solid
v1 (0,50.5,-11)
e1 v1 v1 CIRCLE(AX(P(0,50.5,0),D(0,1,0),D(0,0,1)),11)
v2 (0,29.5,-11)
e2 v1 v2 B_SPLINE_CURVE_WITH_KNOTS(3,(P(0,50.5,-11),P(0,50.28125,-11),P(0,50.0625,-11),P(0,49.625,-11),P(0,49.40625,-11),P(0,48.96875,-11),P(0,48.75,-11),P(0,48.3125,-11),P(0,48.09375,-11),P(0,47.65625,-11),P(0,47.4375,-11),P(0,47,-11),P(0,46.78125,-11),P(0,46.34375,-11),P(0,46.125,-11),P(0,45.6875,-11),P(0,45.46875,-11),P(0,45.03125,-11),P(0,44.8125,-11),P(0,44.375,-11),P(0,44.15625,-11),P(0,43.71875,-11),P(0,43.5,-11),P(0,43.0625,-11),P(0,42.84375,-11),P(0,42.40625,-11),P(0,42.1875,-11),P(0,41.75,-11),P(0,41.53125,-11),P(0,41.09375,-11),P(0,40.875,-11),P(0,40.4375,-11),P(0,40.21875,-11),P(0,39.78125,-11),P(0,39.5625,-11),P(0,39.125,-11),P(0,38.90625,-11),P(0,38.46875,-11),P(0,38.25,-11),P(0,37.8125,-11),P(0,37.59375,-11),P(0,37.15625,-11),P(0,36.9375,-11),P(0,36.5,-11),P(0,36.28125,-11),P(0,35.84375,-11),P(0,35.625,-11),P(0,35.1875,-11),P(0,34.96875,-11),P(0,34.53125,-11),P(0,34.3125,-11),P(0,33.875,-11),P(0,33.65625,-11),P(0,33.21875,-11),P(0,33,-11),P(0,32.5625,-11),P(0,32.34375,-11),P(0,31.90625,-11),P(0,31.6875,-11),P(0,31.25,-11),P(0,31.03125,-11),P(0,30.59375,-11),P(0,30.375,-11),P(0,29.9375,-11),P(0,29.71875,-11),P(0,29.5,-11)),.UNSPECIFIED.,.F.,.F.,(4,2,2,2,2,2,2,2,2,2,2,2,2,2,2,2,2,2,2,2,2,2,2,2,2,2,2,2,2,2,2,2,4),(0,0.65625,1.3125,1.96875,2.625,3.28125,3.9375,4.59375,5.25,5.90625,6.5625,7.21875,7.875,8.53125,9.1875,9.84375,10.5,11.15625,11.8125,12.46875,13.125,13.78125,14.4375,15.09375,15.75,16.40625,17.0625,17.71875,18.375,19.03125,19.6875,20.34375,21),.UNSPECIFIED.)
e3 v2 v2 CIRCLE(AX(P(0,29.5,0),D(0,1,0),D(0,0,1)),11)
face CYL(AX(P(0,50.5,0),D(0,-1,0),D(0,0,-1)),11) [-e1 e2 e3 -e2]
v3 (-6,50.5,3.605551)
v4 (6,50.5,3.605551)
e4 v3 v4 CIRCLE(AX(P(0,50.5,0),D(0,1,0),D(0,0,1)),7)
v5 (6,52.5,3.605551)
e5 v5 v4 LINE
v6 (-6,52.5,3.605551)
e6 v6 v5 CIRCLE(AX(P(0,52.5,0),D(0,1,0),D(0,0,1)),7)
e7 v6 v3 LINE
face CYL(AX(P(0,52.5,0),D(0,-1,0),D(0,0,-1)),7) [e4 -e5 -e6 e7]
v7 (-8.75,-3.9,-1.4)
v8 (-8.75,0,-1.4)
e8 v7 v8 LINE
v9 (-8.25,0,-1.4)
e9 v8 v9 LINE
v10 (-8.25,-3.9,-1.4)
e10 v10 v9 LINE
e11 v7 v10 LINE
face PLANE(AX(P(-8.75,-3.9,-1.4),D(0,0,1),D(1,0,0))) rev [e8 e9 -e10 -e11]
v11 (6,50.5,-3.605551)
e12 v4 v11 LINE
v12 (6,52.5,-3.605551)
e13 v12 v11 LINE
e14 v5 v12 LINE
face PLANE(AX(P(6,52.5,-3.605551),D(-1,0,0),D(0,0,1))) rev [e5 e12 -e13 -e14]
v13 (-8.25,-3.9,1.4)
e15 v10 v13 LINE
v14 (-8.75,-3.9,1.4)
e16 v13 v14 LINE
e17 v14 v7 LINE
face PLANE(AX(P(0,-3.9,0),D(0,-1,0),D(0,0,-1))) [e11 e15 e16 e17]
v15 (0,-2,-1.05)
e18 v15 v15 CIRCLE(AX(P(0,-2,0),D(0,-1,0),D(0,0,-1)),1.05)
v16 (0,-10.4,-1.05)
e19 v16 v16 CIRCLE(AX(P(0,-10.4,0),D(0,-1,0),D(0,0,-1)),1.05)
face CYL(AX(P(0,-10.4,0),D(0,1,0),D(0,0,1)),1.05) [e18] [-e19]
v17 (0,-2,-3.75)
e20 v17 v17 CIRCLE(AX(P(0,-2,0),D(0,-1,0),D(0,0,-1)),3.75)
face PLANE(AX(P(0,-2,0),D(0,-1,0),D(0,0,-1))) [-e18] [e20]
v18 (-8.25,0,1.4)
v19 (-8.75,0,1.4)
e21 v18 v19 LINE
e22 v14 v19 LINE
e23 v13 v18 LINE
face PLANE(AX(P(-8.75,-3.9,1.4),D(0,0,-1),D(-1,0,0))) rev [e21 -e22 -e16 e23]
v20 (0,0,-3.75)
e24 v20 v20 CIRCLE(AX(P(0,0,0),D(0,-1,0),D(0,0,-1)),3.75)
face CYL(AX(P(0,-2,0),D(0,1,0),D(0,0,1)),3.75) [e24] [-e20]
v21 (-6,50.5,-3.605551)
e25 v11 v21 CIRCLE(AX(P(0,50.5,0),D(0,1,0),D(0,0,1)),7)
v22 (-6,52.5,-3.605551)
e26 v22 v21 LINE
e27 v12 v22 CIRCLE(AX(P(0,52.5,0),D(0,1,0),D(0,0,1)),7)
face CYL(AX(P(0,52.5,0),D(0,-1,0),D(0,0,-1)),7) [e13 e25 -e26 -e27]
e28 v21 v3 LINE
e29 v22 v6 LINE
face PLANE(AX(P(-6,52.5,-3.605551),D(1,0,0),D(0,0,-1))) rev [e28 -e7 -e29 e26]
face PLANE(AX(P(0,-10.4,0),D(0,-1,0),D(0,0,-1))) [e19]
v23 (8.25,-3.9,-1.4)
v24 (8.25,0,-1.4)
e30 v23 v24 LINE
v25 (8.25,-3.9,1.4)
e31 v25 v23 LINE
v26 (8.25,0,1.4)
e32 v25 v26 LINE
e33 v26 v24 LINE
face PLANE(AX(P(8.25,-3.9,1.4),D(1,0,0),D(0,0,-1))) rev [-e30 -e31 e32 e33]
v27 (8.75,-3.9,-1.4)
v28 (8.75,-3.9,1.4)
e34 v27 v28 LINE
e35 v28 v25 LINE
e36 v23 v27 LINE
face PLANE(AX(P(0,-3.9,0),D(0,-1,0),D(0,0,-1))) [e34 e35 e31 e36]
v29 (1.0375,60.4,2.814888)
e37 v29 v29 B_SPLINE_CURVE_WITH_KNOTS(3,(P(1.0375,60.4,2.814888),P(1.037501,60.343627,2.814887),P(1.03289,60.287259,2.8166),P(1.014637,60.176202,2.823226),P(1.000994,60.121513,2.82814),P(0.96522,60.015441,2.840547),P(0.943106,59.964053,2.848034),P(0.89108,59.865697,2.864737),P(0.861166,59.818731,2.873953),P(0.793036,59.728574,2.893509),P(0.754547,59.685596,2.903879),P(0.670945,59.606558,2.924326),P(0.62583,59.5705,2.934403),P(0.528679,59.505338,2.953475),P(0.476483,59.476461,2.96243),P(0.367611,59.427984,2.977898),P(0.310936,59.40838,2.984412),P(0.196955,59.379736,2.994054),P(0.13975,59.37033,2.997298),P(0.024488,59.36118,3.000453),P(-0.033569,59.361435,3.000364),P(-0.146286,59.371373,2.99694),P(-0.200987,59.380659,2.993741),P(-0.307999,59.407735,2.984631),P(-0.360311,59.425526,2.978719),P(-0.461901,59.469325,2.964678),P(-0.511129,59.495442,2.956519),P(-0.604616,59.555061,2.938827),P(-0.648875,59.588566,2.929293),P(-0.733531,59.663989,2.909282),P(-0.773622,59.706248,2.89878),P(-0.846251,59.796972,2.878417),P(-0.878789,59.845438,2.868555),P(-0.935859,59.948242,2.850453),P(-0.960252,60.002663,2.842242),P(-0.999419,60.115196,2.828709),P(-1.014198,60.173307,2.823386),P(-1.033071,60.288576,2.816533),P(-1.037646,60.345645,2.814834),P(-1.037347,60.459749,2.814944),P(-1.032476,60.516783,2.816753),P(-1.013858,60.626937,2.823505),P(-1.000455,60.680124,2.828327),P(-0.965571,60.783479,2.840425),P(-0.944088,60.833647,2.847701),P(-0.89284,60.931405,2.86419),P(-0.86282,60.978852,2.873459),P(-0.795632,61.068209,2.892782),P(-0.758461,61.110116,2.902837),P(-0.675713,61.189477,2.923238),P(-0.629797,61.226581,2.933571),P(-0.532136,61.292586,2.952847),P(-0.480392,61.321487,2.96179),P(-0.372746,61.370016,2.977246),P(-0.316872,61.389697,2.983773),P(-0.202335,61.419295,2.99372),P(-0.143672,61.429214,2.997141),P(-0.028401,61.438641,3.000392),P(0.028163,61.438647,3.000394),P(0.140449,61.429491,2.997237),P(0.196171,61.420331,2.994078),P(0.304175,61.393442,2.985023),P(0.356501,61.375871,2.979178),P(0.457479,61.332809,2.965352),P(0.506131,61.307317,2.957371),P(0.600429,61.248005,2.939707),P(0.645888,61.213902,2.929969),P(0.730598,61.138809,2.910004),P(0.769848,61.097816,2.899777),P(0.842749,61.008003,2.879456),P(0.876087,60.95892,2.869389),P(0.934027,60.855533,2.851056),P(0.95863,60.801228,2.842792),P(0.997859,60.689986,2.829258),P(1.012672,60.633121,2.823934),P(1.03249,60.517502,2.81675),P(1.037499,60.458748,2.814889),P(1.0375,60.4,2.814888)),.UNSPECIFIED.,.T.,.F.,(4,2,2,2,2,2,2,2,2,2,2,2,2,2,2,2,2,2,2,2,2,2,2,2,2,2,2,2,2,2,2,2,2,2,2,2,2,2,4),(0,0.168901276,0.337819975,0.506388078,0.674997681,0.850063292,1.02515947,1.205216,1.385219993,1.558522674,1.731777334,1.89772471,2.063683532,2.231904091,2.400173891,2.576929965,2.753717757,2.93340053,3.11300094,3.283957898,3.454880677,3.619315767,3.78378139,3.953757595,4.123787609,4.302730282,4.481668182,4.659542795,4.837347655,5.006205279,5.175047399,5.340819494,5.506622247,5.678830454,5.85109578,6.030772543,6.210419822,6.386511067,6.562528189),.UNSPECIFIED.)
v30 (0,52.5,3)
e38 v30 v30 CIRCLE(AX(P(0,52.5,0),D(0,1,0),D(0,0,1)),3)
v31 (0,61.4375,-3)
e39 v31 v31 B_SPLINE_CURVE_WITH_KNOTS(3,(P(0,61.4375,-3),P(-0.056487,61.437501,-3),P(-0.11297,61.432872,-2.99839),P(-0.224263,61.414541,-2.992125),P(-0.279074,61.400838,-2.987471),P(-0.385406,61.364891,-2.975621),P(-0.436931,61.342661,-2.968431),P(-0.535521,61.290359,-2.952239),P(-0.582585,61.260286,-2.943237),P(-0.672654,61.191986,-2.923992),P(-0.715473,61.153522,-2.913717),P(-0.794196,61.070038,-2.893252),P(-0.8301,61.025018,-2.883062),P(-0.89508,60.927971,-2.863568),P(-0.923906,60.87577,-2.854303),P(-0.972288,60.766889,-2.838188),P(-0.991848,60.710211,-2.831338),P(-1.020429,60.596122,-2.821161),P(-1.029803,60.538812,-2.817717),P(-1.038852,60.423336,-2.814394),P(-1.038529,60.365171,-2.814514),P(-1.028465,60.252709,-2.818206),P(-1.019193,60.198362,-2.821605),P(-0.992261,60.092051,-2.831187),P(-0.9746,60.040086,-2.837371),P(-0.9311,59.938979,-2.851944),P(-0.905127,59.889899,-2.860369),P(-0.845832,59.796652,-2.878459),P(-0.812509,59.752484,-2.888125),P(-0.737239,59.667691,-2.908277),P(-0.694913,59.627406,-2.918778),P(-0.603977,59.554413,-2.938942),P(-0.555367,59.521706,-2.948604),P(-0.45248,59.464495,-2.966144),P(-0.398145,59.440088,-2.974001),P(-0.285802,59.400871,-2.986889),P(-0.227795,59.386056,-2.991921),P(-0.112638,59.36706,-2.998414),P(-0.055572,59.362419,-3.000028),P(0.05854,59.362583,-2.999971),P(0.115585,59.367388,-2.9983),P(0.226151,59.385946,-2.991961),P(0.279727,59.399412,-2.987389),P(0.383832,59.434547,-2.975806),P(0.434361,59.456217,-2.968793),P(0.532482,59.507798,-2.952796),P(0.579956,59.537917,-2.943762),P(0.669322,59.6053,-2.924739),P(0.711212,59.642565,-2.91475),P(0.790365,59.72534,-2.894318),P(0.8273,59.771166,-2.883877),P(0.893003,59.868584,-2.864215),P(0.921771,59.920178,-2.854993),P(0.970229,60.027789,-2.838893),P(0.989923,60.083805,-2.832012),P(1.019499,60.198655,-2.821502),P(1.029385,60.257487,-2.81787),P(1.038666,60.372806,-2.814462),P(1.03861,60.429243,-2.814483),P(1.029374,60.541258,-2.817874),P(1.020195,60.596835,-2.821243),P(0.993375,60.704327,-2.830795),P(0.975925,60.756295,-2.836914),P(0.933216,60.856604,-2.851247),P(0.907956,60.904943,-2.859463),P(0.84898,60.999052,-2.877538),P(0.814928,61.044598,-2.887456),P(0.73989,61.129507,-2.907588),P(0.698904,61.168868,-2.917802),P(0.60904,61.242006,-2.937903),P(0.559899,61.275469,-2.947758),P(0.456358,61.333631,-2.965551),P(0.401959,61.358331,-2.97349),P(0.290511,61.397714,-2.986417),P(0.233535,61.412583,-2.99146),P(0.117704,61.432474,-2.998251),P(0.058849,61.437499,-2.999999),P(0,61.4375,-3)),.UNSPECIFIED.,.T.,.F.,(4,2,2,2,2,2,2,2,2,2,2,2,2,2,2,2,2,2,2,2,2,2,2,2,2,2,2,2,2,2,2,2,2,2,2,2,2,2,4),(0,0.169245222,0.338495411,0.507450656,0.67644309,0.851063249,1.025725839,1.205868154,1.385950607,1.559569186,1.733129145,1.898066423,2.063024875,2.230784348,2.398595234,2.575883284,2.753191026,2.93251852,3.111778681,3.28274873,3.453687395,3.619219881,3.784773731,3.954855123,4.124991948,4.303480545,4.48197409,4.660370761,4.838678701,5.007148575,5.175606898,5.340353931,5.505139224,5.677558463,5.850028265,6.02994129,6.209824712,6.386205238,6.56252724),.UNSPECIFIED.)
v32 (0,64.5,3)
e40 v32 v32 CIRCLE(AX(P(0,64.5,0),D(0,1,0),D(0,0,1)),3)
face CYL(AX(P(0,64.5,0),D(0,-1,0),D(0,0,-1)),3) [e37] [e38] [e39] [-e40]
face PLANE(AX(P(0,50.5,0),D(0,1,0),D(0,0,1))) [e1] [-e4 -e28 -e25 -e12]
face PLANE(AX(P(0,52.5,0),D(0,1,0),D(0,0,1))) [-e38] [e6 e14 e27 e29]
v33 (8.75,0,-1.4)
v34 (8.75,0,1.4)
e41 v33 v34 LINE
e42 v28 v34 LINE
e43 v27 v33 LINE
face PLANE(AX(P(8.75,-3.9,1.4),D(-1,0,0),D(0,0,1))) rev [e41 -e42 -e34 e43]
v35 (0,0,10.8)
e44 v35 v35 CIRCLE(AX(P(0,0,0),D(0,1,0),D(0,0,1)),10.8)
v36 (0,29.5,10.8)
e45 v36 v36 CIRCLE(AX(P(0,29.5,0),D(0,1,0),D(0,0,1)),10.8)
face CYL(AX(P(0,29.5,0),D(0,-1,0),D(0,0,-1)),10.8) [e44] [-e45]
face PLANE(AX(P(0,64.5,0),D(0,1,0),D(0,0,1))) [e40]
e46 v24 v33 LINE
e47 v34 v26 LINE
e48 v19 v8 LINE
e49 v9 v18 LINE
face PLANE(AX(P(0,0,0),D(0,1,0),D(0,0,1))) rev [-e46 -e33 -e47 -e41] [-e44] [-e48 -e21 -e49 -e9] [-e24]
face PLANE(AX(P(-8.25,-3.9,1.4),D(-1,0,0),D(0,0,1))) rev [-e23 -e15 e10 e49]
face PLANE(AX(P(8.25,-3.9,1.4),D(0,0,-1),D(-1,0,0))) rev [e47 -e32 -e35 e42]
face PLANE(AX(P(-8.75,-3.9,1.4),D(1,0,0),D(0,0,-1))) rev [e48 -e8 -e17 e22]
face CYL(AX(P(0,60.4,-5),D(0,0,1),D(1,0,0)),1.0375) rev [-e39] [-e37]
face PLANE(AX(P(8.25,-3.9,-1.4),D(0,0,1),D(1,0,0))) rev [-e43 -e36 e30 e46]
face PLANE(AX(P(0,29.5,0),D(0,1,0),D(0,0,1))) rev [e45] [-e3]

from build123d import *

# Parameters (mm, degrees)
SKETCH2_R           = 10.8
BOSS_EXTRUDE1_DEPTH = 29.5
SKETCH3_R           = 11
BOSS_EXTRUDE2_DEPTH = 21
BOSS_EXTRUDE3_DEPTH = 2
SKETCH5_R           = 3
BOSS_EXTRUDE4_DEPTH = 12
SKETCH6_R           = 3.75
BOSS_EXTRUDE5_DEPTH = 2
SKETCH7_W           = 0.5
SKETCH7_H           = 2.8
BOSS_EXTRUDE6_DEPTH = 3.9
SKETCH8_R           = 1.05
BOSS_EXTRUDE7_DEPTH = 8.4
SKETCH_1_R          = 1.0375
CUT_EXTRUDE_1_DEPTH = 5


with BuildPart() as part:
    # Sketch2 → Boss-Extrude1 (new body)
    with BuildSketch(Plane(origin=(0, 0, 0), x_dir=(1, 0, 0), z_dir=(0, 1, 0))):
        with Locations(Location((0, 0, 0), (0, 0, 270))):
            Circle(SKETCH2_R)
    extrude(amount=BOSS_EXTRUDE1_DEPTH)

    # Sketch3 → Boss-Extrude2 (add)
    with BuildSketch(Plane(origin=(0, 29.5, 0), x_dir=(1, 0, 0), z_dir=(0, 1, 0))):
        with Locations(Location((0, 0, 0), (0, 0, 90))):
            Circle(SKETCH3_R)
    extrude(amount=BOSS_EXTRUDE2_DEPTH)

    # Sketch4 → Boss-Extrude3 (add)
    with BuildSketch(Plane(origin=(0, 50.5, 0), x_dir=(1, 0, 0), z_dir=(0, 1, 0))):
        with BuildLine():
            Line((6, 3.605551275), (6, -3.605551275))
            ThreePointArc((6, -3.605551275), (0, -7), (-6, -3.605551275))
            Line((-6, -3.605551275), (-6, 3.605551275))
            ThreePointArc((-6, 3.605551275), (0, 7), (6, 3.605551275))
        make_face()
    extrude(amount=BOSS_EXTRUDE3_DEPTH)

    # Sketch5 → Boss-Extrude4 (add)
    with BuildSketch(Plane(origin=(0, 52.5, 0), x_dir=(1, 0, 0), z_dir=(0, 1, 0))):
        with Locations(Location((0, 0, 0), (0, 0, 270))):
            Circle(SKETCH5_R)
    extrude(amount=BOSS_EXTRUDE4_DEPTH)

    # Sketch6 → Boss-Extrude5 (add)
    with BuildSketch(Plane.XZ):
        with Locations(Location((0, 0, 0), (0, 0, 270))):
            Circle(SKETCH6_R)
    extrude(amount=BOSS_EXTRUDE5_DEPTH)

    # Sketch7 → Boss-Extrude6 (add)
    with BuildSketch(Plane.XZ):
        with Locations((-8.5, 0)):
            Rectangle(SKETCH7_W, SKETCH7_H)
        with Locations((8.5, 0)):
            Rectangle(SKETCH7_W, SKETCH7_H)
    extrude(amount=BOSS_EXTRUDE6_DEPTH)

    # Sketch8 → Boss-Extrude7 (add)
    with BuildSketch(Plane.XZ.offset(2)):
        with Locations(Location((0, 0, 0), (0, 0, 270))):
            Circle(SKETCH8_R)
    extrude(amount=BOSS_EXTRUDE7_DEPTH)

    # 草图1 → 切除-拉伸1 (cut, symmetric)
    with BuildSketch(Plane.XY):
        with Locations(Location((0, 60.4, 0), (0, 0, 89.999999986))):
            Circle(SKETCH_1_R)
    extrude(amount=CUT_EXTRUDE_1_DEPTH, both=True, mode=Mode.SUBTRACT)


solid = part.part
